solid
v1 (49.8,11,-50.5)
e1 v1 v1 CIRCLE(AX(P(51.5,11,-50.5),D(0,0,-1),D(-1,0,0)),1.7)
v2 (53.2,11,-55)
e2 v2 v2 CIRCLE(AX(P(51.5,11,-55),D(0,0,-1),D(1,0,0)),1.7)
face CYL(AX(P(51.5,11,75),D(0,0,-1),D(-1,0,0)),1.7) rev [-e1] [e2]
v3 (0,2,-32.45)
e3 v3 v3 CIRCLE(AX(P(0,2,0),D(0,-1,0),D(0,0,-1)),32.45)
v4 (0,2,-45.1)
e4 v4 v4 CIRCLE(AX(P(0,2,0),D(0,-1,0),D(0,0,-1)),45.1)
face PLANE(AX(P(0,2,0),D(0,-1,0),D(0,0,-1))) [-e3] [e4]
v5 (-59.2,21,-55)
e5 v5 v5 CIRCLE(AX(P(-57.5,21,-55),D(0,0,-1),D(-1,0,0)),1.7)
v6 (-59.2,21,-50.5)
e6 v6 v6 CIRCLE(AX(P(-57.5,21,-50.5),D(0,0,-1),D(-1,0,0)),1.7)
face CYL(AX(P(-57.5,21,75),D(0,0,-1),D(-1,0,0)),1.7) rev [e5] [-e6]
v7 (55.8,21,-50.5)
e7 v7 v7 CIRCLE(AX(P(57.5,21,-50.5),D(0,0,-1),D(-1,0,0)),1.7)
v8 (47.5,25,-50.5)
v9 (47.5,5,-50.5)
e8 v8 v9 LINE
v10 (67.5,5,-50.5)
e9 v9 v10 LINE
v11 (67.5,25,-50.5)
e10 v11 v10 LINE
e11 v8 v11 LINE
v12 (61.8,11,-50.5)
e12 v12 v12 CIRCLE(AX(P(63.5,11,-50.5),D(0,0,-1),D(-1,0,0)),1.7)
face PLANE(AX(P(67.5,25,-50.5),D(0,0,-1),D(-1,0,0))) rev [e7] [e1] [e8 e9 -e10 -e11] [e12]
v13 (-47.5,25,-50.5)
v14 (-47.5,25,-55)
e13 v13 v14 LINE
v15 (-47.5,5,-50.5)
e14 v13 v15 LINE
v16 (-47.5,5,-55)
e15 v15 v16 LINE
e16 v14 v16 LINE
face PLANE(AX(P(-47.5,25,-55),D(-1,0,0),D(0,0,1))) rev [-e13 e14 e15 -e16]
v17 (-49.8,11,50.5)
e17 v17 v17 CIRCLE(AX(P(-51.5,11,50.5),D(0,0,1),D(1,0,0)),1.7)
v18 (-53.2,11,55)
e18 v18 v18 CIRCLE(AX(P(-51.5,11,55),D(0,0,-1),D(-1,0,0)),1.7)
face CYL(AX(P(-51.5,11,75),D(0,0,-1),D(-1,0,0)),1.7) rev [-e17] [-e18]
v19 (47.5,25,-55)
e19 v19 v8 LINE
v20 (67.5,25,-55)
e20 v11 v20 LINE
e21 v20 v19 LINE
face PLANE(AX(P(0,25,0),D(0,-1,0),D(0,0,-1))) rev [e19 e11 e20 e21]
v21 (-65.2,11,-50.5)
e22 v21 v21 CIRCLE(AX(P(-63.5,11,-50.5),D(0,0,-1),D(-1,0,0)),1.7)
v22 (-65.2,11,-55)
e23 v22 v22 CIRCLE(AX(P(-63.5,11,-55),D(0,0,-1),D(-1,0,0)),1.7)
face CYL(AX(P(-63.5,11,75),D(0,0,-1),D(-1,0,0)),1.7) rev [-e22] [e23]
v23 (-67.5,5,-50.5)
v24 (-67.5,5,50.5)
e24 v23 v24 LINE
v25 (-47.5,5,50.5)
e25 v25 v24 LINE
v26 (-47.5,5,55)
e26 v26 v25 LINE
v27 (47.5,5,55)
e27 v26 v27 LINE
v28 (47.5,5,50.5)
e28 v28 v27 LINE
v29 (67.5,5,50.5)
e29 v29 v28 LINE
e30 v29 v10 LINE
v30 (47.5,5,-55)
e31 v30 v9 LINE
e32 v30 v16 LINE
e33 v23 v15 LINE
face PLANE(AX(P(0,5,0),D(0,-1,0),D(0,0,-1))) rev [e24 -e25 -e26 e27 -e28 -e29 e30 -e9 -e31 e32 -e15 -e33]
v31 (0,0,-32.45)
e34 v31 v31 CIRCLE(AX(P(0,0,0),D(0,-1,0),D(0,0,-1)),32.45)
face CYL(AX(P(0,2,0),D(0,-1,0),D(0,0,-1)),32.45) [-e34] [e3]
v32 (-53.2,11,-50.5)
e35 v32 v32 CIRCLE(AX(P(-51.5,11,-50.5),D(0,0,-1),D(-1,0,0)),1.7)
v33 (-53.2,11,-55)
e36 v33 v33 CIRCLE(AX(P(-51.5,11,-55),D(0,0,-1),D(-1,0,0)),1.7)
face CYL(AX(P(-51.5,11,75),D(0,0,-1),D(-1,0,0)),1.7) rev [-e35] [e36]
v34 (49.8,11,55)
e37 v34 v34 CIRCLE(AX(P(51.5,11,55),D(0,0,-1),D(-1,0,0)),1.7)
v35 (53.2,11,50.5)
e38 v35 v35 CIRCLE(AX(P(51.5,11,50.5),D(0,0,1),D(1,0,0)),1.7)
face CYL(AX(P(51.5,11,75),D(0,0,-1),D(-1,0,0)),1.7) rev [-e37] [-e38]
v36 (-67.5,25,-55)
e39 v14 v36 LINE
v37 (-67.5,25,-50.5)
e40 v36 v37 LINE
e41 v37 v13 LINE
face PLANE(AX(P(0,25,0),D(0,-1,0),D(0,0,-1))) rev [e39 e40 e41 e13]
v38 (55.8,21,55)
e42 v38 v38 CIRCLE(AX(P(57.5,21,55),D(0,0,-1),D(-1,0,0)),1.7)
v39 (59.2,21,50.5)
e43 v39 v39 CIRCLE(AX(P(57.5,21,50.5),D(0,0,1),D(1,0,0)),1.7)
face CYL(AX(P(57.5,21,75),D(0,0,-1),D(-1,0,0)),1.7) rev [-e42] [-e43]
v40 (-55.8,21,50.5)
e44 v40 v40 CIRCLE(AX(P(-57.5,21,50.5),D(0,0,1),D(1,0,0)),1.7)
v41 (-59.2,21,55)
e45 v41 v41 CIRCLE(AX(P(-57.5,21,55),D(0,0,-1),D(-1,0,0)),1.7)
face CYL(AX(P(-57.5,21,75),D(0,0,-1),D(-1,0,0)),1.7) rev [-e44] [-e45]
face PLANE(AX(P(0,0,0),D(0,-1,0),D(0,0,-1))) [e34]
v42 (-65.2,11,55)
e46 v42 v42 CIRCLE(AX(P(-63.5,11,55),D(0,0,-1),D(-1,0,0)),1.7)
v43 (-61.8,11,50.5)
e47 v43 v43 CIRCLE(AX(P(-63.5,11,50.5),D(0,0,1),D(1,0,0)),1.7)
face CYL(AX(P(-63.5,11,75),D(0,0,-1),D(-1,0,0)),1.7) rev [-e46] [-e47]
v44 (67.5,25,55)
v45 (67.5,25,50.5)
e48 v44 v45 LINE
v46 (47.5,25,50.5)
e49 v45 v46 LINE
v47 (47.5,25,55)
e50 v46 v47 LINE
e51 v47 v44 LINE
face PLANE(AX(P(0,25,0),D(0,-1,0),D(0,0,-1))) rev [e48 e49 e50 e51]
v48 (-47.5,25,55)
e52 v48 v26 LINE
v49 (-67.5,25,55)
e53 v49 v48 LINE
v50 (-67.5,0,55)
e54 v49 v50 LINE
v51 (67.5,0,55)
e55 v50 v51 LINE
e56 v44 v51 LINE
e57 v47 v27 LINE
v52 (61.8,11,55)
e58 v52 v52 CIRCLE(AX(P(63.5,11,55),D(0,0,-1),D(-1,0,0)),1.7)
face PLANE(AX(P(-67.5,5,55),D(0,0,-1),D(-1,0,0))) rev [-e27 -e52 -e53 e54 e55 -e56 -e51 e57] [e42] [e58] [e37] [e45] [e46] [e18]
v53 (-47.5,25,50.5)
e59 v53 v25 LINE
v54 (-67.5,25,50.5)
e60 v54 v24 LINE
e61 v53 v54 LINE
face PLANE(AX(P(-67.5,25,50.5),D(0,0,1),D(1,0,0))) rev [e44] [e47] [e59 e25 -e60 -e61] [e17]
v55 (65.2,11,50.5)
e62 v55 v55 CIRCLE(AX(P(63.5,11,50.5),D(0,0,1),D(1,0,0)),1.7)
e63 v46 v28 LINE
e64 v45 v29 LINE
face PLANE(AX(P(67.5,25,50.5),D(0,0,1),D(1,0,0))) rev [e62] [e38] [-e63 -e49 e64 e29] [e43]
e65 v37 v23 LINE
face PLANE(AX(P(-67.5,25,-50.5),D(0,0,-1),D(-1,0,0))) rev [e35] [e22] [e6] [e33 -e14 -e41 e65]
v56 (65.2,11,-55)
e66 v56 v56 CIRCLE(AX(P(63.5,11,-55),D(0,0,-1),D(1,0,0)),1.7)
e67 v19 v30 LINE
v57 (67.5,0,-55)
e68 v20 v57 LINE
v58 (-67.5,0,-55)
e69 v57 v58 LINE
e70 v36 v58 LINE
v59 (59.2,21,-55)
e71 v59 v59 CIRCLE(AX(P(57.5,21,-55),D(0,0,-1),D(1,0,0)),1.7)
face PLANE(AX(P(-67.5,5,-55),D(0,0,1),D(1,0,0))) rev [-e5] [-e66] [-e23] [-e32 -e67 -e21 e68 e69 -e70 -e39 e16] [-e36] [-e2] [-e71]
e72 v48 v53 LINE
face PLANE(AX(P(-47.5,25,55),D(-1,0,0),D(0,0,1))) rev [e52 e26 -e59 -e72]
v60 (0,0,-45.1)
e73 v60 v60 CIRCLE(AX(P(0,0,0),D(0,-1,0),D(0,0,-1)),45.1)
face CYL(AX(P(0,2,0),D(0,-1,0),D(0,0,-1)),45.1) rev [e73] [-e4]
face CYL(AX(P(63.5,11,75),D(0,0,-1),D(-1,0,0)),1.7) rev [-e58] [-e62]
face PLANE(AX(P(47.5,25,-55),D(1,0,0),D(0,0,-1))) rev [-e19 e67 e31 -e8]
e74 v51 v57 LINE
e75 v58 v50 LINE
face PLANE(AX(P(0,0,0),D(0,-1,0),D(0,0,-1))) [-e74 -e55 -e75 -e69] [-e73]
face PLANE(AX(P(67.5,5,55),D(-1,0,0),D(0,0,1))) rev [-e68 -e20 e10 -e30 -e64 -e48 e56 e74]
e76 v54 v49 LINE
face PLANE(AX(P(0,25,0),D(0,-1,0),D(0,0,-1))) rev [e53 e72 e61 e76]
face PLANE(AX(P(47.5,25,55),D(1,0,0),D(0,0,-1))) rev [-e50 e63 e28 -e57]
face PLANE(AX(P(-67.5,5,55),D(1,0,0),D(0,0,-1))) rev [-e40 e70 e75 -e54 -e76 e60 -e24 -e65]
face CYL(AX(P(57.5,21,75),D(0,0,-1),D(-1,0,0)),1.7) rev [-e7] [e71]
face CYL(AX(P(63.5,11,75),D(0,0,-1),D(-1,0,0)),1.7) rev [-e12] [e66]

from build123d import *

# Parameters (mm, degrees)
SKETCH_1_W          = 135
SKETCH_1_H          = 110
EXTRUDE_1_DEPTH     = 5
SKETCH_2_W          = 20
SKETCH_2_H          = 4.5
EXTRUDE_2_DEPTH     = 20
SKETCH_3_R          = 1.7
CUT_EXTRUDE_1_DEPTH = 130
SKETCH_4_R          = 45.1
SKETCH_4_R_2        = 32.45
CUT_EXTRUDE_2_DEPTH = 2


with BuildPart() as part:
    # 草图1 → 凸台-拉伸1 (new body)
    with BuildSketch(Plane(origin=(0, 0, 0), x_dir=(1, 0, 0), z_dir=(0, 1, 0))):
        Rectangle(SKETCH_1_W, SKETCH_1_H)
    extrude(amount=EXTRUDE_1_DEPTH)

    # 草图2 → 凸台-拉伸2 (add)
    with BuildSketch(Plane(origin=(0, 5, 0), x_dir=(1, 0, 0), z_dir=(0, 1, 0))):
        with Locations((57.5, 52.75)):
            Rectangle(SKETCH_2_W, SKETCH_2_H)
        with Locations((-57.5, 52.75)):
            Rectangle(SKETCH_2_W, SKETCH_2_H)
        with Locations((-57.5, -52.75)):
            Rectangle(SKETCH_2_W, SKETCH_2_H)
        with Locations((57.5, -52.75)):
            Rectangle(SKETCH_2_W, SKETCH_2_H)
    extrude(amount=EXTRUDE_2_DEPTH)

    # 草图3 → 切除-拉伸1 (cut)
    with BuildSketch(Plane(origin=(0, 0, -55), x_dir=(-1, 0, 0), z_dir=(0, 0, -1))):
        with Locations((57.5, 21)):
            Circle(SKETCH_3_R)
        with Locations((51.5, 11)):
            Circle(SKETCH_3_R)
        with Locations((63.5, 11)):
            Circle(SKETCH_3_R)
        with Locations((-51.5, 11)):
            Circle(SKETCH_3_R)
        with Locations((-63.5, 11)):
            Circle(SKETCH_3_R)
        with Locations((-57.5, 21)):
            Circle(SKETCH_3_R)
    extrude(amount=-CUT_EXTRUDE_1_DEPTH, mode=Mode.SUBTRACT)

    # 草图4 → 切除-拉伸2 (cut)
    with BuildSketch(Plane.XZ):
        with Locations(Location((0, 0, 0), (0, 0, 270))):
            Circle(SKETCH_4_R)
        with Locations(Location((0, 0, 0), (0, 0, 270))):
            Circle(SKETCH_4_R_2, mode=Mode.SUBTRACT)
    extrude(amount=-CUT_EXTRUDE_2_DEPTH, mode=Mode.SUBTRACT)


solid = part.part
